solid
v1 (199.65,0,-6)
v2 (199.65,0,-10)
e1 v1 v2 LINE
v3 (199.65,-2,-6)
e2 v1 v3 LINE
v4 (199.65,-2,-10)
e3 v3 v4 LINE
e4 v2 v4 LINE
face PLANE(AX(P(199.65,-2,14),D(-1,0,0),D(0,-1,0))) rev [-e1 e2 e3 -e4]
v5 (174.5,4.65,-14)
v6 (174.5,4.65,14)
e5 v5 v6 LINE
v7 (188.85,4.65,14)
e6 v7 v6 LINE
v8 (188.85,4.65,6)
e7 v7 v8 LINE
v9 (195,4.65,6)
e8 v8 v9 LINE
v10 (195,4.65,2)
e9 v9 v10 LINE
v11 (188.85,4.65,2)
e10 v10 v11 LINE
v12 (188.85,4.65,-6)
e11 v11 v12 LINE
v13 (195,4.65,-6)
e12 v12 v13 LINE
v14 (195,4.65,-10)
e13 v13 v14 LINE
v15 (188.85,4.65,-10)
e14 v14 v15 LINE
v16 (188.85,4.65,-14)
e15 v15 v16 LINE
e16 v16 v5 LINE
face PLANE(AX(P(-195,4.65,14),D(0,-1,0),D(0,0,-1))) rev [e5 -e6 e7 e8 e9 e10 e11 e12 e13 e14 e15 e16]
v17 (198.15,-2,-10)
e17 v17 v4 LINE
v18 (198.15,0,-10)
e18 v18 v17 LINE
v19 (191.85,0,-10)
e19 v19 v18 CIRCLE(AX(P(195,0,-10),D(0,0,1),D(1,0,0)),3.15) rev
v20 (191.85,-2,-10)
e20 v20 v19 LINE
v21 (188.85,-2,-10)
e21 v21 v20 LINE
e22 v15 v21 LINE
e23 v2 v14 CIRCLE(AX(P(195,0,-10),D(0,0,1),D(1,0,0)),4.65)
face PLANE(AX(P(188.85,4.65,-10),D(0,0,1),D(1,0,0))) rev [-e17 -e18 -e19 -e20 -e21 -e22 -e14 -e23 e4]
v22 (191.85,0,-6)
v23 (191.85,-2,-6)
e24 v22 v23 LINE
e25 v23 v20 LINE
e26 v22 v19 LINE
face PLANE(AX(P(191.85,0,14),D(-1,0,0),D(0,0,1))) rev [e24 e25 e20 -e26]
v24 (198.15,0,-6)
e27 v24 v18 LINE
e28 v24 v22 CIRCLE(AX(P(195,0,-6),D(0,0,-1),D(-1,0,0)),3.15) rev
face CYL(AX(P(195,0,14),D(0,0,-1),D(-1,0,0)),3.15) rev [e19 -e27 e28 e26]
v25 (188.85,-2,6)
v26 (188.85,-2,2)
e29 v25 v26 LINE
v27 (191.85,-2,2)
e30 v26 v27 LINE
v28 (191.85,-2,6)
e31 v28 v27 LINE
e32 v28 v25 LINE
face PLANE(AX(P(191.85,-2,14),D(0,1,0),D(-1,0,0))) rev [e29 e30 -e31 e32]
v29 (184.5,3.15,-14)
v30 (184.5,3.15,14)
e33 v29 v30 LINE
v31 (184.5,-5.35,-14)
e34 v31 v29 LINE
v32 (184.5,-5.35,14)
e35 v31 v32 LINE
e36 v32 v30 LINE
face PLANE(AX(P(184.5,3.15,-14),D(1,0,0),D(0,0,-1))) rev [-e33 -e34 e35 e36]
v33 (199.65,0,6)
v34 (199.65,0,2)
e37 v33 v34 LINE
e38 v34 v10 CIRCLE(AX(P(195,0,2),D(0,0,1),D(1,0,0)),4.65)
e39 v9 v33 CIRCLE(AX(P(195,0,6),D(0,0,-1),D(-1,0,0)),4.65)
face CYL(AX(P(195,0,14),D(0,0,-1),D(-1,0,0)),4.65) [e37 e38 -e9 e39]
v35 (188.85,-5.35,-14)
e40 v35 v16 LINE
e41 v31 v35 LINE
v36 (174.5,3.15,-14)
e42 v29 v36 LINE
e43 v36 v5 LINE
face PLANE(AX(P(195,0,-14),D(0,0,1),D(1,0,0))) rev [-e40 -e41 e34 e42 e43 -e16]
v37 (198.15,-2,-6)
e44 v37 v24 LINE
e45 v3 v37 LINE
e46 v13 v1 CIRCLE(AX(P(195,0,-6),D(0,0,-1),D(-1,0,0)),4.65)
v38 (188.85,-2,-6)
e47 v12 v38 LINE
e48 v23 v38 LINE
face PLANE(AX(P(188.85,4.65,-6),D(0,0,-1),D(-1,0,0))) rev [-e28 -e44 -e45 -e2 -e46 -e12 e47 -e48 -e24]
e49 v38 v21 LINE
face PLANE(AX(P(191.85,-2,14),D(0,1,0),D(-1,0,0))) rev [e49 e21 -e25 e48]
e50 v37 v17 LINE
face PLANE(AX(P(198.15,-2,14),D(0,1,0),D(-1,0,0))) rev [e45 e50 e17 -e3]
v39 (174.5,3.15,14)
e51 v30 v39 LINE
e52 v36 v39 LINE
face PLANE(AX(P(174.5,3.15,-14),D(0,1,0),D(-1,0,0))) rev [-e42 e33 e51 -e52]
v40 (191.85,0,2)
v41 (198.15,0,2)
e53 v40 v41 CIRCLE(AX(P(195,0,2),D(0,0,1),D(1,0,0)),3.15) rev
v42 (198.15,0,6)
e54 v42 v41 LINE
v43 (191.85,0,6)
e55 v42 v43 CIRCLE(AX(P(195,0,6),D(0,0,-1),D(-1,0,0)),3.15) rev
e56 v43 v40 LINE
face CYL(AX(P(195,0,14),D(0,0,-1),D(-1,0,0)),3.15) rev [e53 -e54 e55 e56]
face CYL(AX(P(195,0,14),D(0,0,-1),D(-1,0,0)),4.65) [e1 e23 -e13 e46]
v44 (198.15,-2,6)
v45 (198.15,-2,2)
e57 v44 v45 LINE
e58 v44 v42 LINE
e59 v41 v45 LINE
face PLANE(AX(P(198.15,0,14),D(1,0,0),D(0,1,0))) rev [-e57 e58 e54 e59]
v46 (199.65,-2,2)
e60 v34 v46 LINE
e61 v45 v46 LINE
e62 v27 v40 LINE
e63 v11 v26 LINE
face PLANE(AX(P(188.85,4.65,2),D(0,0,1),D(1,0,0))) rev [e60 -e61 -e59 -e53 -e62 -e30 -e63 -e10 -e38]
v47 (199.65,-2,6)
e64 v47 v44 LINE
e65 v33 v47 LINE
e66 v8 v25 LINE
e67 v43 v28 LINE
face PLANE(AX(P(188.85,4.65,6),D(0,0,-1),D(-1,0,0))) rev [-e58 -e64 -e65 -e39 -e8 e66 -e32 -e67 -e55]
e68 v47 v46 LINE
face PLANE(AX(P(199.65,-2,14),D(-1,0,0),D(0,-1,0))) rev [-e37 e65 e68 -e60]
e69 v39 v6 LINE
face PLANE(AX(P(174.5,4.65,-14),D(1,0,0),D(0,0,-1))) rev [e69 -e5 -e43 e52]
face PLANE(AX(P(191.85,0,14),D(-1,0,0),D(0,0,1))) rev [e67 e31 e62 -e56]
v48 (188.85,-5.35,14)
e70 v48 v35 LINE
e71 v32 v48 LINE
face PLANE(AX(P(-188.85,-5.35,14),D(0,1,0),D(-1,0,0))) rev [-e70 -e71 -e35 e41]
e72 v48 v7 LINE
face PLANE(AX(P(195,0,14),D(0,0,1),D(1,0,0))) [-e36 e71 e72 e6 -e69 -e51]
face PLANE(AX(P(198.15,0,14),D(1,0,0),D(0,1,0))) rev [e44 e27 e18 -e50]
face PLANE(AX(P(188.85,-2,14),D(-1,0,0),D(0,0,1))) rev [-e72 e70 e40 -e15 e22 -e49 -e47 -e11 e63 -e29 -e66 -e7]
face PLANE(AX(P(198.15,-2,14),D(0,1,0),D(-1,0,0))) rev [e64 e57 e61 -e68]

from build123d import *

# Parameters (mm, degrees)
AUFSATZ_LINEAR_AUSTRAGEN2_DEPTH = 14
SKIZZE3_W                       = 10.8
SKIZZE3_H                       = 4
SKIZZE3_H_2                     = 8
SCHNITT_LINEAR_AUSTRAGEN1_DEPTH = 201.389926144
SCHNITT_LINEAR_AUSTRAGEN2_DEPTH = 202.674849696


with BuildPart() as part:
    # Skizze1 → Aufsatz-Linear austragen2 (new, symmetric)
    with BuildSketch(Plane.XY):
        with BuildLine():
            Line((-198.15, 0), (-198.15, -2))
            Line((-198.15, -2), (-199.65, -2))
            Line((-199.65, -2), (-199.65, 0))
            ThreePointArc((-199.65, 0), (-198.288046533, 3.288046533), (-195, 4.65))
            Line((-195, 4.65), (195, 4.65))
            ThreePointArc((195, 4.65), (198.288046533, 3.288046533), (199.65, 0))
            Line((199.65, 0), (199.65, -2))
            Line((199.65, -2), (198.15, -2))
            Line((198.15, -2), (198.15, 0))
            ThreePointArc((198.15, 0), (195, 3.15), (191.85, 0))
            Line((191.85, 0), (191.85, -2))
            Line((191.85, -2), (188.85, -2))
            Line((188.85, -2), (188.85, -5.35))
            Line((188.85, -5.35), (-188.85, -5.35))
            Line((-188.85, -5.35), (-188.85, -2))
            Line((-188.85, -2), (-191.85, -2))
            Line((-191.85, -2), (-191.85, 0))
            ThreePointArc((-191.85, 0), (-195, 3.15), (-198.15, 0))
        make_face()
    extrude(amount=AUFSATZ_LINEAR_AUSTRAGEN2_DEPTH, both=True)

    # Skizze3 → Schnitt-Linear austragen1 (cut, through all)
    with BuildSketch(Plane.XZ.offset(5.35)):
        with Locations((-194.25, 12)):
            Rectangle(SKIZZE3_W, SKIZZE3_H)
        with Locations((-194.25, 2)):
            Rectangle(SKIZZE3_W, SKIZZE3_H_2)
        with Locations((-194.25, -10)):
            Rectangle(SKIZZE3_W, SKIZZE3_H_2)
        with Locations((194.25, 10)):
            Rectangle(SKIZZE3_W, SKIZZE3_H_2)
        with Locations((194.25, -2)):
            Rectangle(SKIZZE3_W, SKIZZE3_H_2)
        with Locations((194.25, -12)):
            Rectangle(SKIZZE3_W, SKIZZE3_H)
    extrude(amount=-SCHNITT_LINEAR_AUSTRAGEN1_DEPTH, mode=Mode.SUBTRACT)

    # Skizze4 → Schnitt-Linear austragen2 (cut, through all)
    with BuildSketch(Plane.XY.offset(14)):
        Polygon((174.5, 4.65), (174.5, 3.15), (184.5, 3.15), (184.5, -5.35), (-199.65, -5.35), (-199.65, 4.65), align=None)
    extrude(amount=-SCHNITT_LINEAR_AUSTRAGEN2_DEPTH, mode=Mode.SUBTRACT)


solid = part.part
